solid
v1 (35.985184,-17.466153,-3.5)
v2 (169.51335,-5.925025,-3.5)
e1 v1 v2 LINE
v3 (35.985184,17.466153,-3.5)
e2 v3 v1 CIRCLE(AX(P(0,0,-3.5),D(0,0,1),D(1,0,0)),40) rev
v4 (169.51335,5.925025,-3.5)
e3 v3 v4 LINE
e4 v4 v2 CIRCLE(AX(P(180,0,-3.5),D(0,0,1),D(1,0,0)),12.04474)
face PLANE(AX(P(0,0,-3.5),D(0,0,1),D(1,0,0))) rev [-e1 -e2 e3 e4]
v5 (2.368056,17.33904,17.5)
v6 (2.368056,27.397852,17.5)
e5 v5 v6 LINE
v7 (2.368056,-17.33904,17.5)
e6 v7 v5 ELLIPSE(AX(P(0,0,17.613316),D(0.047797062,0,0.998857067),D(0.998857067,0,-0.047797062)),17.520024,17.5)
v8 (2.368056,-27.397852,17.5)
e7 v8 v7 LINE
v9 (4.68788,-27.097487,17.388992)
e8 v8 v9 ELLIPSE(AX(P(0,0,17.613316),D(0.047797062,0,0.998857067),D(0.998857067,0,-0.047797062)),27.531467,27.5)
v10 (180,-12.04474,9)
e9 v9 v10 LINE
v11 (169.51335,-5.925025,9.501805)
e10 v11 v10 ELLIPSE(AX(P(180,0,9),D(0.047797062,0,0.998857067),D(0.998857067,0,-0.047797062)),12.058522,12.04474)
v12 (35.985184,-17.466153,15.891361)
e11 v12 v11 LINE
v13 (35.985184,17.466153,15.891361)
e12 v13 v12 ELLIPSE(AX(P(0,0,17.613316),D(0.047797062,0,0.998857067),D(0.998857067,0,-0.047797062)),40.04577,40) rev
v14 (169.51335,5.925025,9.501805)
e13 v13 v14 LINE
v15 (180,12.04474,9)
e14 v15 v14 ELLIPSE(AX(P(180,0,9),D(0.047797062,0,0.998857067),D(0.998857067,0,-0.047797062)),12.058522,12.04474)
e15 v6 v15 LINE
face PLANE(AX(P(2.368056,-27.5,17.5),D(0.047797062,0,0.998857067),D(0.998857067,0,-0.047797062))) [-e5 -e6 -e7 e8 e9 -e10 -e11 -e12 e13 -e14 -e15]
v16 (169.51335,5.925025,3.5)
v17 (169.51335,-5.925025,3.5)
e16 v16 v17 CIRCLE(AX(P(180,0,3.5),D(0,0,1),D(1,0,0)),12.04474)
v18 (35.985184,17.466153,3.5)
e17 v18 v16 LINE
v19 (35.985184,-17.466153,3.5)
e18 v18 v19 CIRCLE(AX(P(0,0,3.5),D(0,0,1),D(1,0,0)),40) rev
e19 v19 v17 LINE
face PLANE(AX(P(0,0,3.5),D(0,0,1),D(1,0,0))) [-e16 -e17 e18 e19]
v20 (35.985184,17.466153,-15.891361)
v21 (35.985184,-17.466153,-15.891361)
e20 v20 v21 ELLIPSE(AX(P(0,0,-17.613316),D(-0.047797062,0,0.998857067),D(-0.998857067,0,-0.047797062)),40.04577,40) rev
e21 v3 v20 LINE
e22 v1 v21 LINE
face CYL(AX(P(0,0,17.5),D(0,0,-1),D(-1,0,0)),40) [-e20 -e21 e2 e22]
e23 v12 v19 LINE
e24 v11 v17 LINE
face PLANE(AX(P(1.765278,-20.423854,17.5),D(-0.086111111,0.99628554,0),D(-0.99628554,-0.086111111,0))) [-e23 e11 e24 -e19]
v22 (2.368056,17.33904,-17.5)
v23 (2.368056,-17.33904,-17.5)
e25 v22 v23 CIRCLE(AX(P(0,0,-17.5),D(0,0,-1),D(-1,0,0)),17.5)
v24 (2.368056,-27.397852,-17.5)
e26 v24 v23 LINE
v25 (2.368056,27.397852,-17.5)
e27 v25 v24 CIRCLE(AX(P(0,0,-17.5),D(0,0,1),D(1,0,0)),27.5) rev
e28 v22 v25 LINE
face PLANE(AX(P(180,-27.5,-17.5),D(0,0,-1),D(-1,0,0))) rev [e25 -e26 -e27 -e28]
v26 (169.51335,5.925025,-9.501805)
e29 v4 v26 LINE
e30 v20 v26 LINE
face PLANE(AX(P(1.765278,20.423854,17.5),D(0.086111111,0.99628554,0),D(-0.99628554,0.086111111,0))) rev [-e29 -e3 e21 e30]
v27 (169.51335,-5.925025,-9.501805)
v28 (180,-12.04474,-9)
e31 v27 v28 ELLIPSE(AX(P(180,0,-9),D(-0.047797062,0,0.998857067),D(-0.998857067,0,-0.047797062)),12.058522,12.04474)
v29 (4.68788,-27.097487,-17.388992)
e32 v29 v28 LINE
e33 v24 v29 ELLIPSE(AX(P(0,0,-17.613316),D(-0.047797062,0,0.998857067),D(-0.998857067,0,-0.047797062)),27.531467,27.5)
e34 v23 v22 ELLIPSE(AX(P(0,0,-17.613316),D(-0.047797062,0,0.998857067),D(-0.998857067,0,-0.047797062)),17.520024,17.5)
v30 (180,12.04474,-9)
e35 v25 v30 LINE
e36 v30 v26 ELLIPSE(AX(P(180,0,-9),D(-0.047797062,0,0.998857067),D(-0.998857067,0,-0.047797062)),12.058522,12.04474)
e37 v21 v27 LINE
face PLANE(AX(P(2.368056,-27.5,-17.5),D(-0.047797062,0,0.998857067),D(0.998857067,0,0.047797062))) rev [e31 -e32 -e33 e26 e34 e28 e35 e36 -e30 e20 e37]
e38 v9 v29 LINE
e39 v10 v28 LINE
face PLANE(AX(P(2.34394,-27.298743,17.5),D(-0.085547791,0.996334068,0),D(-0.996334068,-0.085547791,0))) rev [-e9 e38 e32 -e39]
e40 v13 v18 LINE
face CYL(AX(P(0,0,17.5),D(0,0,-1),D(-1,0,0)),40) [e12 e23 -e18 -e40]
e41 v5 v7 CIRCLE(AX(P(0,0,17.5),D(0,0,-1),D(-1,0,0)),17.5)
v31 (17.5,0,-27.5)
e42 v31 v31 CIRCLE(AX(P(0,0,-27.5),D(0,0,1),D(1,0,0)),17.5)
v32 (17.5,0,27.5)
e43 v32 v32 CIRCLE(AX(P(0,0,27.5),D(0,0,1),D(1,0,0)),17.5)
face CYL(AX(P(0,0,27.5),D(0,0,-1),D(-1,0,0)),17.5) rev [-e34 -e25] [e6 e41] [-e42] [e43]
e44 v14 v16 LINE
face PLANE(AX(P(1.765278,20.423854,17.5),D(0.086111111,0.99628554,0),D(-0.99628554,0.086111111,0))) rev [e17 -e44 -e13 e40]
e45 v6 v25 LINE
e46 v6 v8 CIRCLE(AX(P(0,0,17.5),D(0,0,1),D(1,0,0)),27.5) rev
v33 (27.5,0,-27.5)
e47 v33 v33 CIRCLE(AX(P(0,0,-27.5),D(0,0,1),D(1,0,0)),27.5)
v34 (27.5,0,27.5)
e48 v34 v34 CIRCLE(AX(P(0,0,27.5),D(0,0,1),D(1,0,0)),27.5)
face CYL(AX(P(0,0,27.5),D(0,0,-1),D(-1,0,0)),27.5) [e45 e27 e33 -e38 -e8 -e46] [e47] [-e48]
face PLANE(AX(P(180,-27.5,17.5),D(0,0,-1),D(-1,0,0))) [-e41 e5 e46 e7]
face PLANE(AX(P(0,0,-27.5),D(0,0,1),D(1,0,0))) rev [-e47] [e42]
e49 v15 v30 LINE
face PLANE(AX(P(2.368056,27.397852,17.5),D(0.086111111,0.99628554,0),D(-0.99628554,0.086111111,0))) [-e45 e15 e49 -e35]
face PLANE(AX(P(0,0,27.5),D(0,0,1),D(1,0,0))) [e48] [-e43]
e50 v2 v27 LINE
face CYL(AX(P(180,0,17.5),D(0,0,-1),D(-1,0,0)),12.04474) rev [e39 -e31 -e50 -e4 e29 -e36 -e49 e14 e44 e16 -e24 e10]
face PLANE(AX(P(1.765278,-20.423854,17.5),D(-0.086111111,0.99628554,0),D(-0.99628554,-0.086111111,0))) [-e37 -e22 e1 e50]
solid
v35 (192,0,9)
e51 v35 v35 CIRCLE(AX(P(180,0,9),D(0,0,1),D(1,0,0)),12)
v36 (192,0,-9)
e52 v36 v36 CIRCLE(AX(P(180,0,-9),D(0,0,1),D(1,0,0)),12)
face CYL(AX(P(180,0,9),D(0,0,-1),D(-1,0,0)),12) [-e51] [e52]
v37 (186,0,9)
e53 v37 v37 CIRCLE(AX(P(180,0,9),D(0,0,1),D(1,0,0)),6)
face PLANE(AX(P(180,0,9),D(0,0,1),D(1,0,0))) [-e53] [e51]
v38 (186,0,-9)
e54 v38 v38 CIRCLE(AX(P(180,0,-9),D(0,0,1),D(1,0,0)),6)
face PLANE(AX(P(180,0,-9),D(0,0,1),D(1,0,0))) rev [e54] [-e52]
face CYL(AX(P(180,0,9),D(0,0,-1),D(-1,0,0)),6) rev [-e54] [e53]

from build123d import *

# Parameters (mm, degrees)
SKETCH1_R               = 27.5
SKETCH1_R_2             = 17.5
BOSS_EXTRUDE2_DEPTH     = 27.5
SKETCH2_R               = 12
SKETCH2_R_2             = 6
BOSS_EXTRUDE3_DEPTH     = 9
BOSS_EXTRUDE4_DEPTH     = 17.5
BOSS_EXTRUDE5_DEPTH     = 3.5
CUT_EXTRUDE2_DEPTH      = 196.899208778
CUT_EXTRUDE2_DEPTH_BACK = 196.899208778


with BuildPart() as part:
    # Sketch1 → Boss-Extrude2 (new, symmetric)
    with BuildSketch(Plane.XY):
        Circle(SKETCH1_R)
        Circle(SKETCH1_R_2, mode=Mode.SUBTRACT)
    extrude(amount=BOSS_EXTRUDE2_DEPTH, both=True)

    # Sketch5 → Boss-Extrude4 (add, symmetric)
    with BuildSketch(Plane.XY):
        with BuildLine():
            Line((180, 12.044739708), (2.368055556, 27.397852341))
            ThreePointArc((2.368055556, 27.397852341), (27.475116905, 1.169594392), (4.687879819, -27.097486651))
            Line((4.687879819, -27.097486651), (180, -12.044739708))
            ThreePointArc((180, -12.044739708), (173.929153007, -10.40291168), (169.513349957, -5.925025359))
            Line((169.513349957, -5.925025359), (35.985184383, -17.466153122))
            ThreePointArc((35.985184383, -17.466153122), (40, 0), (35.985184383, 17.466153122))
            Line((35.985184383, 17.466153122), (169.513349957, 5.925025359))
            ThreePointArc((169.513349957, 5.925025359), (173.929153007, 10.40291168), (180, 12.044739708))
        make_face()
    extrude(amount=BOSS_EXTRUDE4_DEPTH, both=True)

    # Sketch5<3> → Boss-Extrude5 (add, symmetric)
    with BuildSketch(Plane.XY):
        with BuildLine():
            Line((169.513349957, 5.925025359), (35.985184383, 17.466153122))
            ThreePointArc((35.985184383, 17.466153122), (40, 0), (35.985184383, -17.466153122))
            Line((35.985184383, -17.466153122), (169.513349957, -5.925025359))
            ThreePointArc((169.513349957, -5.925025359), (167.955260292, 0), (169.513349957, 5.925025359))
        make_face()
    extrude(amount=BOSS_EXTRUDE5_DEPTH, both=True)

    # Sketch8 → Cut-Extrude2 (cut, two sides: drawn at the far end of the back side and taken through both)
    with BuildSketch(Plane(origin=(0, 0, 0), x_dir=(1, 0, 0), z_dir=(0, 1, 0)).offset(-CUT_EXTRUDE2_DEPTH_BACK)):
        Polygon((2.368055556, 17.5), (180, 9), (180, 17.5), align=None)
        Polygon((180, -9), (180, -17.5), (2.368055556, -17.5), align=None)
    extrude(amount=CUT_EXTRUDE2_DEPTH + CUT_EXTRUDE2_DEPTH_BACK, mode=Mode.SUBTRACT)


with BuildPart() as body_2:
    # Sketch2 → Boss-Extrude3 (new, symmetric)
    with BuildSketch(Plane.XY):
        with Locations((180, 0)):
            Circle(SKETCH2_R)
        with Locations((180, 0)):
            Circle(SKETCH2_R_2, mode=Mode.SUBTRACT)
    extrude(amount=BOSS_EXTRUDE3_DEPTH, both=True)


solid = Compound([part.part, body_2.part])
